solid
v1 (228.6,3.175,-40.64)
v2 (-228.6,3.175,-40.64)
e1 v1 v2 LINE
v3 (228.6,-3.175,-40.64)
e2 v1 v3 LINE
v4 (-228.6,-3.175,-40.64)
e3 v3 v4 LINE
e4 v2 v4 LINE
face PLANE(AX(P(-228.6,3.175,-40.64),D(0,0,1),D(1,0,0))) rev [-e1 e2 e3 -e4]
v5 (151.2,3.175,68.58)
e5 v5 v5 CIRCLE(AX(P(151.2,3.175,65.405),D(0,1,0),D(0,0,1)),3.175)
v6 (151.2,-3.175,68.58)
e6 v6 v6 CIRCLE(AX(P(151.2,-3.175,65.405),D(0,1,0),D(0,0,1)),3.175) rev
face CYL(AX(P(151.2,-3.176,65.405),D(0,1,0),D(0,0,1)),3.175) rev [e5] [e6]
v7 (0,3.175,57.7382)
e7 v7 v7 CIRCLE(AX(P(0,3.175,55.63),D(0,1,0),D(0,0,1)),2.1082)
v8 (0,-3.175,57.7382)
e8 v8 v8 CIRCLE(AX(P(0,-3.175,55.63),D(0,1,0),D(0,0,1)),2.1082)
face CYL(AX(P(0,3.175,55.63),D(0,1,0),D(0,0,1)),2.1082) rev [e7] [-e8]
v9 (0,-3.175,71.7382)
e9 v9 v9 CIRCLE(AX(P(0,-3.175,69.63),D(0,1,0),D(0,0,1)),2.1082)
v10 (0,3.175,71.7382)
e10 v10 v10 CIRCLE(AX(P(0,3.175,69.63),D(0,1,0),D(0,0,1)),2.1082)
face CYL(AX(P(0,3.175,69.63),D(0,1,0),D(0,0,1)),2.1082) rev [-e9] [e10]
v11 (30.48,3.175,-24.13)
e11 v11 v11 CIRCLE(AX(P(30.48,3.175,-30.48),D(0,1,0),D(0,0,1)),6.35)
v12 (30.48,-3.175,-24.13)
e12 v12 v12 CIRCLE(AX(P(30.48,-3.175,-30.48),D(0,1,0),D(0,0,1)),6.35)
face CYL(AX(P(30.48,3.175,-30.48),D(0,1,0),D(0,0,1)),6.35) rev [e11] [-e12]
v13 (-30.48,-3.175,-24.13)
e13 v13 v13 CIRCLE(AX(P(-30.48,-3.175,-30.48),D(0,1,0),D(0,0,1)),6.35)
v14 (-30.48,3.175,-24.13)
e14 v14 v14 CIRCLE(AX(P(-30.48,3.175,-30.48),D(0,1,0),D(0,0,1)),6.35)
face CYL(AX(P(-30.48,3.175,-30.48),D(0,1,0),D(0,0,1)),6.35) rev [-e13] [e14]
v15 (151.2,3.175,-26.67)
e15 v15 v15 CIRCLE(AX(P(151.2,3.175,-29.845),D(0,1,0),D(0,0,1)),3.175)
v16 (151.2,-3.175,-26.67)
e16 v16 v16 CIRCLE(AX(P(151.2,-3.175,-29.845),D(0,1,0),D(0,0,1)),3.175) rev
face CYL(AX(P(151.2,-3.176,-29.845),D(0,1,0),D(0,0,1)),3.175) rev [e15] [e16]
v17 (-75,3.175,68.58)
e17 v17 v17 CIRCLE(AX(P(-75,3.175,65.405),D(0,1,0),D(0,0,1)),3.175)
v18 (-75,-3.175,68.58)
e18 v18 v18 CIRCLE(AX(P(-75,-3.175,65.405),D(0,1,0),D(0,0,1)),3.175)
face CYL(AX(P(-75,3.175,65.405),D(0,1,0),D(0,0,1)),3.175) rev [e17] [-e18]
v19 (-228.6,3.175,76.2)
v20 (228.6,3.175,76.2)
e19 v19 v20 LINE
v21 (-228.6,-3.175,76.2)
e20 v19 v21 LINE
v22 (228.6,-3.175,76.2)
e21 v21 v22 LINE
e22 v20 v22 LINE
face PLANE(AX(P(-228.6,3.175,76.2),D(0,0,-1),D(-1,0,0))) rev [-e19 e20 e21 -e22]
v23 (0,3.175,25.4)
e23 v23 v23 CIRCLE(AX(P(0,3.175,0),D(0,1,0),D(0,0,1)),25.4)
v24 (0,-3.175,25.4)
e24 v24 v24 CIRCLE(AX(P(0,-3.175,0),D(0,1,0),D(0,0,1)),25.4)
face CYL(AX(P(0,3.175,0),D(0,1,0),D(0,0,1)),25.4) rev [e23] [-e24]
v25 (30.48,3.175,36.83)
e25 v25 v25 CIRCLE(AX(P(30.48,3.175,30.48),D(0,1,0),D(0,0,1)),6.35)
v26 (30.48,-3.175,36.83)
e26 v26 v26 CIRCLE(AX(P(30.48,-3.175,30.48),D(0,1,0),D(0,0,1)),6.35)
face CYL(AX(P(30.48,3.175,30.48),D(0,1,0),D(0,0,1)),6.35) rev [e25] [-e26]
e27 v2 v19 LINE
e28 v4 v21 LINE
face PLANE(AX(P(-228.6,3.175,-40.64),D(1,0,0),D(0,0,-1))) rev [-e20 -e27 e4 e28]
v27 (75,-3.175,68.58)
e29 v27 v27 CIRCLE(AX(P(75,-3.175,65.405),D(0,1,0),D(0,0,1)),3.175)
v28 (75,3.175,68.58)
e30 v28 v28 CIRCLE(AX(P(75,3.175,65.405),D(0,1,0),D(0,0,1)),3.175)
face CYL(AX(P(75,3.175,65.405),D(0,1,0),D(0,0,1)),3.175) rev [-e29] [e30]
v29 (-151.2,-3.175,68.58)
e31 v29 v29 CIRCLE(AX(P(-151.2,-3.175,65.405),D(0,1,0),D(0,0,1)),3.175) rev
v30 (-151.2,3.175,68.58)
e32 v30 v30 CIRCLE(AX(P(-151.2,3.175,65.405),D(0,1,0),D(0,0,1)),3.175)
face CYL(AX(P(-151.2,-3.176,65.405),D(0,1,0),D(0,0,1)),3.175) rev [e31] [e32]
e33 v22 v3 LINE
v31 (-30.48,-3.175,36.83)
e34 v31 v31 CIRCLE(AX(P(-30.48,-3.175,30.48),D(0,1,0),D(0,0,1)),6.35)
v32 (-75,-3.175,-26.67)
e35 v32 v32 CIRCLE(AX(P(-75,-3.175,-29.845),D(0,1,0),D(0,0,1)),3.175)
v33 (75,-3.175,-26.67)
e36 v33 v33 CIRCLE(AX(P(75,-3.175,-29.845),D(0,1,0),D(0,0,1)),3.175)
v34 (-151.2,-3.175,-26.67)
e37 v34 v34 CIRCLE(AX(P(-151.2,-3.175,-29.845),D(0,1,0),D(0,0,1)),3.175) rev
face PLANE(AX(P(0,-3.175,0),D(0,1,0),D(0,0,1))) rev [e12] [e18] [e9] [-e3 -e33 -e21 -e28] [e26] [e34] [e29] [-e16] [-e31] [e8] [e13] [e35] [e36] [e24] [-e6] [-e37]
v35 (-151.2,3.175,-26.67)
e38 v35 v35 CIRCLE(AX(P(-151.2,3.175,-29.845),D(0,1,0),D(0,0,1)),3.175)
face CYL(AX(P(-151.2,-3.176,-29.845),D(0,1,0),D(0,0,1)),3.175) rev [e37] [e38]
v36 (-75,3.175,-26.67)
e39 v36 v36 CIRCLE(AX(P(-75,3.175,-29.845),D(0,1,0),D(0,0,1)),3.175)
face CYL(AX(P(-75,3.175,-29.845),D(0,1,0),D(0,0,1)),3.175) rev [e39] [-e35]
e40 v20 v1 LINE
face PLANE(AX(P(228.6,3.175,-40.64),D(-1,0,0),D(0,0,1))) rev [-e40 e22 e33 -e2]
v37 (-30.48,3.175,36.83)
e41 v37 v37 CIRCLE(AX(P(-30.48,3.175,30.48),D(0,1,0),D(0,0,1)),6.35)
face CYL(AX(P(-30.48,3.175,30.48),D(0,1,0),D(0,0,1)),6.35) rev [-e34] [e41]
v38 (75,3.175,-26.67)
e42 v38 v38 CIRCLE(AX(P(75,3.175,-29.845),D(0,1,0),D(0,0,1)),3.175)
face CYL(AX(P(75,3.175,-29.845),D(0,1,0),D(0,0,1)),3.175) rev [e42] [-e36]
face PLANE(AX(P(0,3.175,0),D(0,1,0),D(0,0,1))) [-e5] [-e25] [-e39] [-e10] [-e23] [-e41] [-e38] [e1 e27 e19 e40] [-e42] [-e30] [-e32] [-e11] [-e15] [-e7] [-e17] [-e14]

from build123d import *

# Parameters (mm, degrees)
SKETCH1_W                   = 457.2
SKETCH1_H                   = 116.84
BOSS_EXTRUDE1_DEPTH         = 3.175
F_1_1_DIAMETER_HOLE1_D      = 50.8
F_1_2_0_5_DIAMETER_HOLE1_D  = 12.7
F_4_0_4_DIAMETER_HOLE1_D    = 4.2164
F_1_4_0_25_DIAMETER_HOLE1_D = 6.35
AUX_CLEARANCE_HOLES_REACH   = 8.35
SKETCH11_R                  = 3.175


with BuildPart() as part:
    # Sketch1 → Boss-Extrude1 (new body, symmetric)
    with BuildSketch(Plane(origin=(0, 0, 0), x_dir=(1, 0, 0), z_dir=(0, 1, 0))):
        with Locations((0, -17.78)):
            Rectangle(SKETCH1_W, SKETCH1_H)
    extrude(amount=BOSS_EXTRUDE1_DEPTH, both=True)

    # 1 (1) Diameter Hole1 (through all)
    with Locations(Plane(origin=(0, 3.175, 0), x_dir=(1, 0, 0), z_dir=(0, 1, 0))):
        with Locations((0, 0)):
            Hole(F_1_1_DIAMETER_HOLE1_D / 2)

    # 1/2 (0.5) Diameter Hole1 (through all)
    with Locations(Plane(origin=(0, 3.175, 0), x_dir=(1, 0, 0), z_dir=(0, 1, 0))):
        with Locations((30.48, -30.48), (-30.48, 30.48), (-30.48, -30.48), (30.48, 30.48)):
            Hole(F_1_2_0_5_DIAMETER_HOLE1_D / 2)

    # Ø4.0 (4) Diameter Hole1 (through all)
    with Locations(Plane(origin=(0, 3.175, 0), x_dir=(1, 0, 0), z_dir=(0, 1, 0))):
        with Locations((0, -55.63), (0, -69.63)):
            Hole(F_4_0_4_DIAMETER_HOLE1_D / 2)

    # 1/4 (0.25) Diameter Hole1 (through all)
    with Locations(Plane(origin=(0, 3.175, 0), x_dir=(1, 0, 0), z_dir=(0, 1, 0))):
        with Locations((75, -65.405), (-75, 29.845), (-75, -65.405), (75, 29.845)):
            Hole(F_1_4_0_25_DIAMETER_HOLE1_D / 2)

    # Sketch11 → Aux Clearance holes (cut, up to next)
    with BuildSketch(Plane(origin=(0, 3.175, 0), x_dir=(1, 0, 0), z_dir=(0, 1, 0)), mode=Mode.PRIVATE) as aux_clearance_holes_sk1:
        with Locations((-151.2, 29.845)):
            Circle(SKETCH11_R)
    aux_clearance_holes_tool1 = extrude(aux_clearance_holes_sk1.sketch, amount=-AUX_CLEARANCE_HOLES_REACH, mode=Mode.PRIVATE) & part.part
    add(aux_clearance_holes_tool1.solids().sort_by_distance((-151.2, 3.175, -29.845))[0], mode=Mode.SUBTRACT)
    # Sketch11 → Aux Clearance holes (cut, up to next)
    with BuildSketch(Plane(origin=(0, 3.175, 0), x_dir=(1, 0, 0), z_dir=(0, 1, 0)), mode=Mode.PRIVATE) as aux_clearance_holes_sk2:
        with Locations((-151.2, -65.405)):
            Circle(SKETCH11_R)
    aux_clearance_holes_tool2 = extrude(aux_clearance_holes_sk2.sketch, amount=-AUX_CLEARANCE_HOLES_REACH, mode=Mode.PRIVATE) & part.part
    add(aux_clearance_holes_tool2.solids().sort_by_distance((-151.2, 3.175, 65.405))[0], mode=Mode.SUBTRACT)
    # Sketch11 → Aux Clearance holes (cut, up to next)
    with BuildSketch(Plane(origin=(0, 3.175, 0), x_dir=(1, 0, 0), z_dir=(0, 1, 0)), mode=Mode.PRIVATE) as aux_clearance_holes_sk3:
        with Locations((151.2, 29.845)):
            Circle(SKETCH11_R)
    aux_clearance_holes_tool3 = extrude(aux_clearance_holes_sk3.sketch, amount=-AUX_CLEARANCE_HOLES_REACH, mode=Mode.PRIVATE) & part.part
    add(aux_clearance_holes_tool3.solids().sort_by_distance((151.2, 3.175, -29.845))[0], mode=Mode.SUBTRACT)
    # Sketch11 → Aux Clearance holes (cut, up to next)
    with BuildSketch(Plane(origin=(0, 3.175, 0), x_dir=(1, 0, 0), z_dir=(0, 1, 0)), mode=Mode.PRIVATE) as aux_clearance_holes_sk4:
        with Locations((151.2, -65.405)):
            Circle(SKETCH11_R)
    aux_clearance_holes_tool4 = extrude(aux_clearance_holes_sk4.sketch, amount=-AUX_CLEARANCE_HOLES_REACH, mode=Mode.PRIVATE) & part.part
    add(aux_clearance_holes_tool4.solids().sort_by_distance((151.2, 3.175, 65.405))[0], mode=Mode.SUBTRACT)


solid = part.part
